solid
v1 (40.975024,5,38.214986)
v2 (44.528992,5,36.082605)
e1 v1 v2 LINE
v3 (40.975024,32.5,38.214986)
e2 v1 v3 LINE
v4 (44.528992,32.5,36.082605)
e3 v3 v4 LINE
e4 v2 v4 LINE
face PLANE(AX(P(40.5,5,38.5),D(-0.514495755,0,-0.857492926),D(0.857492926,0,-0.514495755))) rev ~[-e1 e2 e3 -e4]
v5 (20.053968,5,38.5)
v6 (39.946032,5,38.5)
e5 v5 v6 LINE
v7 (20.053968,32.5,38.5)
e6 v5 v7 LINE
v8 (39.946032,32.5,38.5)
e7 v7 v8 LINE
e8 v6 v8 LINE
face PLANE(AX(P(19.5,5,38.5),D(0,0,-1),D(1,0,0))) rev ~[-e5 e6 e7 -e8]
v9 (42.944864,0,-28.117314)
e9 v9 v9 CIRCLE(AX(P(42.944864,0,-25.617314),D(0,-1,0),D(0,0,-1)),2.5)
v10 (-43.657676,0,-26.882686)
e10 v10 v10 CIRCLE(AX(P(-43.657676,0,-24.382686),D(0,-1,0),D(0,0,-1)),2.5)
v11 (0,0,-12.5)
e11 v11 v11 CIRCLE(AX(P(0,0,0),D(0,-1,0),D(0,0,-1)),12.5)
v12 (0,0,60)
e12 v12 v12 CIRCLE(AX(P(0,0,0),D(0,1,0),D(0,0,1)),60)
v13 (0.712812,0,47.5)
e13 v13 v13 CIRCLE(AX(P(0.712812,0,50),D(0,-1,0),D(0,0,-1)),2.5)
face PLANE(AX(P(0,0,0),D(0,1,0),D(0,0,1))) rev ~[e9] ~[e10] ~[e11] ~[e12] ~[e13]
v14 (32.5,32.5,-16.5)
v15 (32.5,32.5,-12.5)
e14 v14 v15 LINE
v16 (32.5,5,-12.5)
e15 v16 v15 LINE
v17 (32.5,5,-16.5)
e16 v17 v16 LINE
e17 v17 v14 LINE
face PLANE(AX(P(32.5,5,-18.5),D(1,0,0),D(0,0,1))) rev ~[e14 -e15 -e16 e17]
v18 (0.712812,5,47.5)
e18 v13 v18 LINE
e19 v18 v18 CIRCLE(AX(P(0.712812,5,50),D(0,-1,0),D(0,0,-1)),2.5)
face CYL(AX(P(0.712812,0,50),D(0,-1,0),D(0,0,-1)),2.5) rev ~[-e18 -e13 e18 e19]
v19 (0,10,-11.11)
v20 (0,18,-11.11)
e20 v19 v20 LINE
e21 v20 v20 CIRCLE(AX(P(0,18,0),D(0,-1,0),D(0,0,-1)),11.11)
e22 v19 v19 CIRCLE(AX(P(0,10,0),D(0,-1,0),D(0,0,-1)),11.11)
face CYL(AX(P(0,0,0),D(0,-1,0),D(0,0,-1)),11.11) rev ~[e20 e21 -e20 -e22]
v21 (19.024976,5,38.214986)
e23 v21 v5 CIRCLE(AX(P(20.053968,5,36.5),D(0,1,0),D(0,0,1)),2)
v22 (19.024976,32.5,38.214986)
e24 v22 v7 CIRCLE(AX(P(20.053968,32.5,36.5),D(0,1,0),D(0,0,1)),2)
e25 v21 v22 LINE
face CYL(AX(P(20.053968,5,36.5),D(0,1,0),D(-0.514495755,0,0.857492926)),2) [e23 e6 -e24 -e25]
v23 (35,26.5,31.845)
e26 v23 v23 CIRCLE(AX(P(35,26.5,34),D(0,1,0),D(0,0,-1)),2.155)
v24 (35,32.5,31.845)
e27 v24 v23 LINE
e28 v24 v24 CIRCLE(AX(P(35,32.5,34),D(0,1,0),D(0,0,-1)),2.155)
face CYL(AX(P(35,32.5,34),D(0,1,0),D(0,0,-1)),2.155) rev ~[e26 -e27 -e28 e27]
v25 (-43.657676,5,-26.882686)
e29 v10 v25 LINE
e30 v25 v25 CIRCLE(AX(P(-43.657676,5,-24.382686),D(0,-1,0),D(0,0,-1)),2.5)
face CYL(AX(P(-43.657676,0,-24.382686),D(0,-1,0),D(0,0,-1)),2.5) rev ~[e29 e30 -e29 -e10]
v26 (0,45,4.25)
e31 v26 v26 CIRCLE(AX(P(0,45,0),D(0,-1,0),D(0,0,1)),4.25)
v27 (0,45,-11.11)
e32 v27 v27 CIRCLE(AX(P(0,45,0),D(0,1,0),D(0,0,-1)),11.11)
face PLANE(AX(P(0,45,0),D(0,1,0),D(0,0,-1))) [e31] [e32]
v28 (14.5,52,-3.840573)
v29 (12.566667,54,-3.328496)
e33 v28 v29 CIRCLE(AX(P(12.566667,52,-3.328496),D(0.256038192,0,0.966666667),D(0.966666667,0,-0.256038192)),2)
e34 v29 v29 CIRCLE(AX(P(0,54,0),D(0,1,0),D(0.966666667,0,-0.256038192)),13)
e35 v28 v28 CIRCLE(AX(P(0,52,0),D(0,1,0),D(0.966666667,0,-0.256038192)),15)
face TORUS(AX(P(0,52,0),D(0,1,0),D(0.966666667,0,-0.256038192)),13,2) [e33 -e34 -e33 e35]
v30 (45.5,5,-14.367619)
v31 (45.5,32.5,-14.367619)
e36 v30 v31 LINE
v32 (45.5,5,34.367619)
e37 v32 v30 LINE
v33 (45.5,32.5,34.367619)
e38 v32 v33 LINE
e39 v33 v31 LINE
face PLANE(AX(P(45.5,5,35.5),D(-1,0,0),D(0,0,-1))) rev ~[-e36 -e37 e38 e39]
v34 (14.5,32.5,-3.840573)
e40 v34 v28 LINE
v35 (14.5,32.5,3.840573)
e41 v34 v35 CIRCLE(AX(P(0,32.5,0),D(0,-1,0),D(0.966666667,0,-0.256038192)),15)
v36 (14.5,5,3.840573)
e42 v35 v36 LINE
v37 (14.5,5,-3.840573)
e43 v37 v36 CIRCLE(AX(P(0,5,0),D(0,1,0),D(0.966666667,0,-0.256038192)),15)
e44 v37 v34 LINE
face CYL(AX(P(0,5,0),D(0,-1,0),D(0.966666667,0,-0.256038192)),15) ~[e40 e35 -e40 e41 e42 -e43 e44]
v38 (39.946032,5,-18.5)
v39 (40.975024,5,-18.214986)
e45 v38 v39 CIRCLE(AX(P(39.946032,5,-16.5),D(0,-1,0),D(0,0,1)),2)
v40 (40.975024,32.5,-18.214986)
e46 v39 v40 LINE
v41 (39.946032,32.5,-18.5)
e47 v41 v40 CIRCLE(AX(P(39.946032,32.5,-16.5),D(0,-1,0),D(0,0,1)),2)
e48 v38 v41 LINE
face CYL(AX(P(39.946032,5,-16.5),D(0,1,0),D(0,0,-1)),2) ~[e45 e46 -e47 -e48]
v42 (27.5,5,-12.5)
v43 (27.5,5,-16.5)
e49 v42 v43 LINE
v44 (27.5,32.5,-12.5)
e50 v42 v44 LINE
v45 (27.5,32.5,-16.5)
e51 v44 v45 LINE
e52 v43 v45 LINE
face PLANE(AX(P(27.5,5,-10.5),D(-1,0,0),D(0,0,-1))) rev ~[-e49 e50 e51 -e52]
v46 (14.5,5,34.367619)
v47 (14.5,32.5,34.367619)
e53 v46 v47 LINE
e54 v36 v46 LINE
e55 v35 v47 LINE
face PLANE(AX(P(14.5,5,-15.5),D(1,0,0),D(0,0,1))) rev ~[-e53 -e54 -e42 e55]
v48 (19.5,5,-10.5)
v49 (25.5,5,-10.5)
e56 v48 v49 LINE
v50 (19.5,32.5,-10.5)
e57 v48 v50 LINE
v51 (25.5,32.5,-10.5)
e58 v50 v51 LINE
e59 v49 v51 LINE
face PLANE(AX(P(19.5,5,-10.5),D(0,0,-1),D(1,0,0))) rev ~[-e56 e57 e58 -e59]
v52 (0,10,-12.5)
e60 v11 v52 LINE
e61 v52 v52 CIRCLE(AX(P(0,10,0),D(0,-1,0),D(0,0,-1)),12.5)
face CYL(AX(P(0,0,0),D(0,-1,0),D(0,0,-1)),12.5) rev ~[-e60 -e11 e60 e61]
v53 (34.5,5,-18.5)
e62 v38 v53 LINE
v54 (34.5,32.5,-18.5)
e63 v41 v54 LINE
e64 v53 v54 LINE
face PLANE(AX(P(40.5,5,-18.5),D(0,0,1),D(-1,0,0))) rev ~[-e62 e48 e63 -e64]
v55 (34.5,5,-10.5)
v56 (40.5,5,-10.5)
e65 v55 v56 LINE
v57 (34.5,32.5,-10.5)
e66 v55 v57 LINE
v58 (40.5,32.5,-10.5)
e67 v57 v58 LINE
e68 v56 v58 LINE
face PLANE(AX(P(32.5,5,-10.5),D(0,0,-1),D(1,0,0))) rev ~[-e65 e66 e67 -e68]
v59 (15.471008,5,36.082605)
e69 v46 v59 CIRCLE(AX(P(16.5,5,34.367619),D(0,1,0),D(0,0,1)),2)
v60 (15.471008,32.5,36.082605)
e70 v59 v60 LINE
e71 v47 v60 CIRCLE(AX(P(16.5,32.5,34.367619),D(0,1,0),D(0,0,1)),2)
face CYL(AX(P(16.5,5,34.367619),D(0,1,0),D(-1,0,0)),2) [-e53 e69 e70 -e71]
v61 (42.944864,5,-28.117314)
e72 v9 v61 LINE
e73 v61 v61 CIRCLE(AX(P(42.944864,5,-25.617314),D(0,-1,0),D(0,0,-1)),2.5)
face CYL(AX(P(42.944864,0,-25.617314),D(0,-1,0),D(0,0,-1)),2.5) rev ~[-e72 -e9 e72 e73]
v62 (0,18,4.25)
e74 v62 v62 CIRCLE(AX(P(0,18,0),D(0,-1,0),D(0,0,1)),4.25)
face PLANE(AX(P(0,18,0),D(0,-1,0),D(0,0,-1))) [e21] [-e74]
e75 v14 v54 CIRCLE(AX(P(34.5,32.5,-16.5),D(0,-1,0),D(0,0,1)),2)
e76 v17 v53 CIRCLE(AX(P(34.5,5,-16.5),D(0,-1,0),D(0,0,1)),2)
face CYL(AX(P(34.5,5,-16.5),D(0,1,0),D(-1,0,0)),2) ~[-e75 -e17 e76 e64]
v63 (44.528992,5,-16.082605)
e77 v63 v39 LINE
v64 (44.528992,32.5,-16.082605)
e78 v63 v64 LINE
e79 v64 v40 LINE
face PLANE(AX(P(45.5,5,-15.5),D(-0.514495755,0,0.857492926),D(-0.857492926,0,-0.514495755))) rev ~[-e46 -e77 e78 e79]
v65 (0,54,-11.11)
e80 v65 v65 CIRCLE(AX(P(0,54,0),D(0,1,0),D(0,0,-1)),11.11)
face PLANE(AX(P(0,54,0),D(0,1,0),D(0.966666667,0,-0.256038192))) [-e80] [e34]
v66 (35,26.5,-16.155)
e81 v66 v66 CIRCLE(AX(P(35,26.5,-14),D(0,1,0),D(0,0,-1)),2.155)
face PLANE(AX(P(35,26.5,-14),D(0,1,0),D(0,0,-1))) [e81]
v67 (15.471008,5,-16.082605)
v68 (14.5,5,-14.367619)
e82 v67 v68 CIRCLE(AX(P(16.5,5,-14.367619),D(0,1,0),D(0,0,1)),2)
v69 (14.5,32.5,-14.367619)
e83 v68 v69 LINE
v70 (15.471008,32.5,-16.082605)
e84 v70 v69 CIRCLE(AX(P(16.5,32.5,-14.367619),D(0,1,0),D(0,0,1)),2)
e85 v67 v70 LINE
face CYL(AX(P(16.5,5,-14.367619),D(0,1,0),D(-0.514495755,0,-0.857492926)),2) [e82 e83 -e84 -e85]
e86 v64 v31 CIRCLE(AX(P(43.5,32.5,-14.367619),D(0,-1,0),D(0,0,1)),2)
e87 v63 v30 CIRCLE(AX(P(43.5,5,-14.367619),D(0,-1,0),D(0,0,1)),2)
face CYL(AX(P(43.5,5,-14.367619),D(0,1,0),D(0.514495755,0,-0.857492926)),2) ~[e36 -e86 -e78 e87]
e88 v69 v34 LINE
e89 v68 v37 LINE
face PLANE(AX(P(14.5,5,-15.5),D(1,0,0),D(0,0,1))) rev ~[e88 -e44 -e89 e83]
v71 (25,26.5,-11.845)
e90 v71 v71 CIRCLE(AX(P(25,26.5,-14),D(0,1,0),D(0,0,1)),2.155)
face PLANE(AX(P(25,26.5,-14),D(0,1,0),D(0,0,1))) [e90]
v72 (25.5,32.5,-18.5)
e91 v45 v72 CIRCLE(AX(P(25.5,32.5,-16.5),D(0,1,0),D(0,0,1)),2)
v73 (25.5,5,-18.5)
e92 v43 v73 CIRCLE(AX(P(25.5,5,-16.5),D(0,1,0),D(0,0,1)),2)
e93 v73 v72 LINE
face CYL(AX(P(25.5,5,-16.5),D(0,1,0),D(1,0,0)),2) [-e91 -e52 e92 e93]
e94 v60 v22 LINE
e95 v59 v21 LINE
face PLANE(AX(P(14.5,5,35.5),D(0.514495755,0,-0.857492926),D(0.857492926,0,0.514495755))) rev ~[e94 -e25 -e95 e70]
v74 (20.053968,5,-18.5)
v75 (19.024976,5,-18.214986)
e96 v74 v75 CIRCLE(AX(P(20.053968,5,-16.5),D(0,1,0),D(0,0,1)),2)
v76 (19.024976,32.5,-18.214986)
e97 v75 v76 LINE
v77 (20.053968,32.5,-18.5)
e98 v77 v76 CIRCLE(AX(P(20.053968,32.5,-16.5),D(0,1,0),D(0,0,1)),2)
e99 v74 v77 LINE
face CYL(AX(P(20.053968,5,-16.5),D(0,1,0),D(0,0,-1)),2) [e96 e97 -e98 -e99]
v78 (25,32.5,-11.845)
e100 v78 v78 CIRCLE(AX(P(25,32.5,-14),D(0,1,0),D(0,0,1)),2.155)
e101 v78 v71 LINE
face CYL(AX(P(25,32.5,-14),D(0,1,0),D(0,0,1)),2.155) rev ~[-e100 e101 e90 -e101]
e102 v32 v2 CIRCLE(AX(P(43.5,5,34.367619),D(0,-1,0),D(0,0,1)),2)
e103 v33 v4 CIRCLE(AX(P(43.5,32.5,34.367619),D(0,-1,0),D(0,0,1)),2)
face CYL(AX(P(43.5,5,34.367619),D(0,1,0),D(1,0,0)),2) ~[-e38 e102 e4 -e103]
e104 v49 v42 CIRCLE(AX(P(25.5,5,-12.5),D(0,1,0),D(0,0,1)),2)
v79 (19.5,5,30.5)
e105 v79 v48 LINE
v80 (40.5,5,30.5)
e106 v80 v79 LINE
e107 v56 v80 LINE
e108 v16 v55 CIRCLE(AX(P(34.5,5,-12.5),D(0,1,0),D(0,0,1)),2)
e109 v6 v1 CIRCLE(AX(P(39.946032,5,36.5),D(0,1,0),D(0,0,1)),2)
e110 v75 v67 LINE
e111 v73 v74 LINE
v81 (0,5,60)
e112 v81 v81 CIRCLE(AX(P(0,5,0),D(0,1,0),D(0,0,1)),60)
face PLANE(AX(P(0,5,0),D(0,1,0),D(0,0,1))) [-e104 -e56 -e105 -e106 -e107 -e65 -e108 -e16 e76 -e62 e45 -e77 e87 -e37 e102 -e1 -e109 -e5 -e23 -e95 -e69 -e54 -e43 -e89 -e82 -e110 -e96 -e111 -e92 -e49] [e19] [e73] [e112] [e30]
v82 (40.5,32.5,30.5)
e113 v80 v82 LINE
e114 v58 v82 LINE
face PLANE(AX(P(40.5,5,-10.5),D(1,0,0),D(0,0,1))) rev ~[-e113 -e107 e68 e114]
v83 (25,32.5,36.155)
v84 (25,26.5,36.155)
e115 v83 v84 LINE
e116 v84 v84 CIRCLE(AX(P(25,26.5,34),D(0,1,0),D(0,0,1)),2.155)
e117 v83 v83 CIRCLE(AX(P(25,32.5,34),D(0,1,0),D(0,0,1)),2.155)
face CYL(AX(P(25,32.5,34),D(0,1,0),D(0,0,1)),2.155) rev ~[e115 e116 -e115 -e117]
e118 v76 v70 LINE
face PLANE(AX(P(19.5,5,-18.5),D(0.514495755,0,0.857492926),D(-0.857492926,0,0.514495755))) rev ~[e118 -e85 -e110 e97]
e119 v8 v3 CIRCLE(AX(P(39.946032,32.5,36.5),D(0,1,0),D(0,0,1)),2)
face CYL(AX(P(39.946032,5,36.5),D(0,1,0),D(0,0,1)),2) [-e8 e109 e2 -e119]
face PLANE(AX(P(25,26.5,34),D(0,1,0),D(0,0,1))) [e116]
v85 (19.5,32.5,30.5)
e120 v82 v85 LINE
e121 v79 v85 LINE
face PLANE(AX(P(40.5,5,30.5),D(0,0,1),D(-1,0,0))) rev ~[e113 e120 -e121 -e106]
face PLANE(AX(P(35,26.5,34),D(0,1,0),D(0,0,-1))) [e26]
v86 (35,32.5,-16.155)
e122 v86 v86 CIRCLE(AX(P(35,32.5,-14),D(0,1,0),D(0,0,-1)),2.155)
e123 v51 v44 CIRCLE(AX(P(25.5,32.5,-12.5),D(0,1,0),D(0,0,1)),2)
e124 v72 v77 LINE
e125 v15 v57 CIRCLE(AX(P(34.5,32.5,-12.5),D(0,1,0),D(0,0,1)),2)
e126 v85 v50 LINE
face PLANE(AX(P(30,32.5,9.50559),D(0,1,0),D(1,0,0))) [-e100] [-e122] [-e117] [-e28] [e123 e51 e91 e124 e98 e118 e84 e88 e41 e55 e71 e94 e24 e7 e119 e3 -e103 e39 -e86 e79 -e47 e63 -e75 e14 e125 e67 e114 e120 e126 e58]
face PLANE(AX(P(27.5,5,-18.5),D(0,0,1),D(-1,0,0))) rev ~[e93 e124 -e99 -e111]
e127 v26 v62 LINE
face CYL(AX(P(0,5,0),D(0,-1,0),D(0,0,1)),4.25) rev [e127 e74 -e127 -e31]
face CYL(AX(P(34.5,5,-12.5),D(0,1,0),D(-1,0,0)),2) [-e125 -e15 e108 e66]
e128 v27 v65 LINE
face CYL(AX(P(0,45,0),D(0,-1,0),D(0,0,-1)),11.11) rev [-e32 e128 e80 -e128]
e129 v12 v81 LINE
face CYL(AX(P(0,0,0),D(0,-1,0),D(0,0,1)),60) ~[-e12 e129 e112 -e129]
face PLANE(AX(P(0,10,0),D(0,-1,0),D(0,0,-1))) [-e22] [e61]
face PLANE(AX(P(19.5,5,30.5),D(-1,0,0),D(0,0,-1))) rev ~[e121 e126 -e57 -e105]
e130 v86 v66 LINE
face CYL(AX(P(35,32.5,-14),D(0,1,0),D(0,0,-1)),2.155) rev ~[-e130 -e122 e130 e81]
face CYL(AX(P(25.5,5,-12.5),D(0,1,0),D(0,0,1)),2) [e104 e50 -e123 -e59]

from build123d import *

# Parameters (mm, degrees)
SKETCH1_R           = 60
SKETCH1_R_2         = 4.25
BOSS_EXTRUDE1_DEPTH = 5
SERVO_HOUSING_DEPTH = 27.5
SKETCH4_R           = 2.155
CUT_EXTRUDE1_DEPTH  = 6
SKETCH5_R           = 15
SKETCH5_R_2         = 4.25
BOSS_EXTRUDE2_DEPTH = 49
BEARING_CUT_R       = 11.11
CUT_EXTRUDE2_DEPTH  = 18
CUT_EXTRUDE3_START  = -9
SKETCH6_R           = 11.11
CUT_EXTRUDE3_DEPTH  = 9
SKETCH8_R           = 12.5
CUT_EXTRUDE4_DEPTH  = 10
FILLET1_R           = 2
FILLET2_R           = 2
FILLET5_R           = 2
SKETCH9_R           = 2.5
CUT_EXTRUDE5_DEPTH  = 10


with BuildPart() as part:
    # Sketch1 → Boss-Extrude1 (new body)
    with BuildSketch(Plane(origin=(0, 0, 0), x_dir=(1, 0, 0), z_dir=(0, 1, 0))):
        with Locations(Location((0, 0, 0), (0, 0, 270))):
            Circle(SKETCH1_R)
        with Locations(Location((0, 0, 0), (0, 0, 270))):
            Circle(SKETCH1_R_2, mode=Mode.SUBTRACT)
    extrude(amount=BOSS_EXTRUDE1_DEPTH)

    # Sketch2 → Servo housing (add)
    with BuildSketch(Plane(origin=(0, 5, 0), x_dir=(1, 0, 0), z_dir=(0, 1, 0))):
        Polygon((19.5, 10.5), (27.5, 10.5), (27.5, 18.5), (19.5, 18.5), (14.5, 15.5), (14.5, -35.5), (19.5, -38.5), (40.5, -38.5), (45.5, -35.5), (45.5, 15.5), (40.5, 18.5), (32.5, 18.5), (32.5, 10.5), (40.5, 10.5), (40.5, -30.5), (19.5, -30.5), align=None)
    extrude(amount=SERVO_HOUSING_DEPTH)

    # Sketch4 → Cut-Extrude1 (cut)
    with BuildSketch(Plane(origin=(0, 32.5, 0), x_dir=(1, 0, 0), z_dir=(0, 1, 0))):
        with Locations(Location((25, -34, 0), (0, 0, 270))):
            Circle(SKETCH4_R)
        with Locations(Location((25, 14, 0), (0, 0, 270))):
            Circle(SKETCH4_R)
        with Locations(Location((35, -34, 0), (0, 0, 90))):
            Circle(SKETCH4_R)
        with Locations(Location((35, 14, 0), (0, 0, 90))):
            Circle(SKETCH4_R)
    extrude(amount=-CUT_EXTRUDE1_DEPTH, mode=Mode.SUBTRACT)

    # Sketch5 → Boss-Extrude2 (add)
    with BuildSketch(Plane(origin=(0, 5, 0), x_dir=(1, 0, 0), z_dir=(0, 1, 0))):
        with Locations(Location((0, 0, 0), (0, 0, 14.835111582))):
            Circle(SKETCH5_R)
        with Locations(Location((0, 0, 0), (0, 0, 270))):
            Circle(SKETCH5_R_2, mode=Mode.SUBTRACT)
    extrude(amount=BOSS_EXTRUDE2_DEPTH)

    # Bearing cut → Cut-Extrude2 (cut)
    with BuildSketch(Plane.XZ):
        with Locations(Location((0, 0, 0), (0, 0, 270))):
            Circle(BEARING_CUT_R)
    extrude(amount=-CUT_EXTRUDE2_DEPTH, mode=Mode.SUBTRACT)

    # Sketch6 → Cut-Extrude3 (cut)
    with BuildSketch(Plane(origin=(0, 54, 0), x_dir=(1, 0, 0), z_dir=(0, 1, 0)).offset(CUT_EXTRUDE3_START)):
        with Locations(Location((0, 0, 0), (0, 0, 90))):
            Circle(SKETCH6_R)
    extrude(amount=CUT_EXTRUDE3_DEPTH, mode=Mode.SUBTRACT)

    # Sketch8 → Cut-Extrude4 (cut)
    with BuildSketch(Plane(origin=(0, 0, 0), x_dir=(-1, 0, 0), z_dir=(0, -1, 0))):
        with Locations(Location((0, 0, 0), (0, 0, 90))):
            Circle(SKETCH8_R)
    extrude(amount=-CUT_EXTRUDE4_DEPTH, mode=Mode.SUBTRACT)

    # Fillet1
    fillet1_edges = [part.edges().sort_by_distance(p)[0] for p in [
        (27.5, 18.75, -10.5),
        (32.5, 18.75, -10.5),
    ]]
    fillet(fillet1_edges, radius=FILLET1_R)

    # Fillet2
    fillet2_edges = [part.edges().sort_by_distance(p)[0] for p in [
        (27.5, 18.75, -18.5),
        (19.5, 18.75, -18.5),
        (14.5, 18.75, -15.5),
        (14.5, 18.75, 35.5),
        (19.5, 18.75, 38.5),
        (40.5, 18.75, 38.5),
        (45.5, 18.75, 35.5),
        (45.5, 18.75, -15.5),
        (40.5, 18.75, -18.5),
        (32.5, 18.75, -18.5),
    ]]
    fillet(fillet2_edges, radius=FILLET2_R)

    # Fillet5
    fillet5_edges = [part.edges().sort_by_distance(p)[0] for p in [
        (-14.5, 54, 3.840572874),
    ]]
    fillet(fillet5_edges, radius=FILLET5_R)

    # Sketch9 → Cut-Extrude5 (cut)
    with BuildSketch(Plane.XZ):
        with Locations(Location((0.712812299, 50, 0), (0, 0, 270))):
            Circle(SKETCH9_R)
        with Locations(Location((42.94486404, -25.617313559, 0), (0, 0, 270))):
            Circle(SKETCH9_R)
        with Locations(Location((-43.657676339, -24.382686441, 0), (0, 0, 270))):
            Circle(SKETCH9_R)
    extrude(amount=-CUT_EXTRUDE5_DEPTH, mode=Mode.SUBTRACT)


solid = part.part
